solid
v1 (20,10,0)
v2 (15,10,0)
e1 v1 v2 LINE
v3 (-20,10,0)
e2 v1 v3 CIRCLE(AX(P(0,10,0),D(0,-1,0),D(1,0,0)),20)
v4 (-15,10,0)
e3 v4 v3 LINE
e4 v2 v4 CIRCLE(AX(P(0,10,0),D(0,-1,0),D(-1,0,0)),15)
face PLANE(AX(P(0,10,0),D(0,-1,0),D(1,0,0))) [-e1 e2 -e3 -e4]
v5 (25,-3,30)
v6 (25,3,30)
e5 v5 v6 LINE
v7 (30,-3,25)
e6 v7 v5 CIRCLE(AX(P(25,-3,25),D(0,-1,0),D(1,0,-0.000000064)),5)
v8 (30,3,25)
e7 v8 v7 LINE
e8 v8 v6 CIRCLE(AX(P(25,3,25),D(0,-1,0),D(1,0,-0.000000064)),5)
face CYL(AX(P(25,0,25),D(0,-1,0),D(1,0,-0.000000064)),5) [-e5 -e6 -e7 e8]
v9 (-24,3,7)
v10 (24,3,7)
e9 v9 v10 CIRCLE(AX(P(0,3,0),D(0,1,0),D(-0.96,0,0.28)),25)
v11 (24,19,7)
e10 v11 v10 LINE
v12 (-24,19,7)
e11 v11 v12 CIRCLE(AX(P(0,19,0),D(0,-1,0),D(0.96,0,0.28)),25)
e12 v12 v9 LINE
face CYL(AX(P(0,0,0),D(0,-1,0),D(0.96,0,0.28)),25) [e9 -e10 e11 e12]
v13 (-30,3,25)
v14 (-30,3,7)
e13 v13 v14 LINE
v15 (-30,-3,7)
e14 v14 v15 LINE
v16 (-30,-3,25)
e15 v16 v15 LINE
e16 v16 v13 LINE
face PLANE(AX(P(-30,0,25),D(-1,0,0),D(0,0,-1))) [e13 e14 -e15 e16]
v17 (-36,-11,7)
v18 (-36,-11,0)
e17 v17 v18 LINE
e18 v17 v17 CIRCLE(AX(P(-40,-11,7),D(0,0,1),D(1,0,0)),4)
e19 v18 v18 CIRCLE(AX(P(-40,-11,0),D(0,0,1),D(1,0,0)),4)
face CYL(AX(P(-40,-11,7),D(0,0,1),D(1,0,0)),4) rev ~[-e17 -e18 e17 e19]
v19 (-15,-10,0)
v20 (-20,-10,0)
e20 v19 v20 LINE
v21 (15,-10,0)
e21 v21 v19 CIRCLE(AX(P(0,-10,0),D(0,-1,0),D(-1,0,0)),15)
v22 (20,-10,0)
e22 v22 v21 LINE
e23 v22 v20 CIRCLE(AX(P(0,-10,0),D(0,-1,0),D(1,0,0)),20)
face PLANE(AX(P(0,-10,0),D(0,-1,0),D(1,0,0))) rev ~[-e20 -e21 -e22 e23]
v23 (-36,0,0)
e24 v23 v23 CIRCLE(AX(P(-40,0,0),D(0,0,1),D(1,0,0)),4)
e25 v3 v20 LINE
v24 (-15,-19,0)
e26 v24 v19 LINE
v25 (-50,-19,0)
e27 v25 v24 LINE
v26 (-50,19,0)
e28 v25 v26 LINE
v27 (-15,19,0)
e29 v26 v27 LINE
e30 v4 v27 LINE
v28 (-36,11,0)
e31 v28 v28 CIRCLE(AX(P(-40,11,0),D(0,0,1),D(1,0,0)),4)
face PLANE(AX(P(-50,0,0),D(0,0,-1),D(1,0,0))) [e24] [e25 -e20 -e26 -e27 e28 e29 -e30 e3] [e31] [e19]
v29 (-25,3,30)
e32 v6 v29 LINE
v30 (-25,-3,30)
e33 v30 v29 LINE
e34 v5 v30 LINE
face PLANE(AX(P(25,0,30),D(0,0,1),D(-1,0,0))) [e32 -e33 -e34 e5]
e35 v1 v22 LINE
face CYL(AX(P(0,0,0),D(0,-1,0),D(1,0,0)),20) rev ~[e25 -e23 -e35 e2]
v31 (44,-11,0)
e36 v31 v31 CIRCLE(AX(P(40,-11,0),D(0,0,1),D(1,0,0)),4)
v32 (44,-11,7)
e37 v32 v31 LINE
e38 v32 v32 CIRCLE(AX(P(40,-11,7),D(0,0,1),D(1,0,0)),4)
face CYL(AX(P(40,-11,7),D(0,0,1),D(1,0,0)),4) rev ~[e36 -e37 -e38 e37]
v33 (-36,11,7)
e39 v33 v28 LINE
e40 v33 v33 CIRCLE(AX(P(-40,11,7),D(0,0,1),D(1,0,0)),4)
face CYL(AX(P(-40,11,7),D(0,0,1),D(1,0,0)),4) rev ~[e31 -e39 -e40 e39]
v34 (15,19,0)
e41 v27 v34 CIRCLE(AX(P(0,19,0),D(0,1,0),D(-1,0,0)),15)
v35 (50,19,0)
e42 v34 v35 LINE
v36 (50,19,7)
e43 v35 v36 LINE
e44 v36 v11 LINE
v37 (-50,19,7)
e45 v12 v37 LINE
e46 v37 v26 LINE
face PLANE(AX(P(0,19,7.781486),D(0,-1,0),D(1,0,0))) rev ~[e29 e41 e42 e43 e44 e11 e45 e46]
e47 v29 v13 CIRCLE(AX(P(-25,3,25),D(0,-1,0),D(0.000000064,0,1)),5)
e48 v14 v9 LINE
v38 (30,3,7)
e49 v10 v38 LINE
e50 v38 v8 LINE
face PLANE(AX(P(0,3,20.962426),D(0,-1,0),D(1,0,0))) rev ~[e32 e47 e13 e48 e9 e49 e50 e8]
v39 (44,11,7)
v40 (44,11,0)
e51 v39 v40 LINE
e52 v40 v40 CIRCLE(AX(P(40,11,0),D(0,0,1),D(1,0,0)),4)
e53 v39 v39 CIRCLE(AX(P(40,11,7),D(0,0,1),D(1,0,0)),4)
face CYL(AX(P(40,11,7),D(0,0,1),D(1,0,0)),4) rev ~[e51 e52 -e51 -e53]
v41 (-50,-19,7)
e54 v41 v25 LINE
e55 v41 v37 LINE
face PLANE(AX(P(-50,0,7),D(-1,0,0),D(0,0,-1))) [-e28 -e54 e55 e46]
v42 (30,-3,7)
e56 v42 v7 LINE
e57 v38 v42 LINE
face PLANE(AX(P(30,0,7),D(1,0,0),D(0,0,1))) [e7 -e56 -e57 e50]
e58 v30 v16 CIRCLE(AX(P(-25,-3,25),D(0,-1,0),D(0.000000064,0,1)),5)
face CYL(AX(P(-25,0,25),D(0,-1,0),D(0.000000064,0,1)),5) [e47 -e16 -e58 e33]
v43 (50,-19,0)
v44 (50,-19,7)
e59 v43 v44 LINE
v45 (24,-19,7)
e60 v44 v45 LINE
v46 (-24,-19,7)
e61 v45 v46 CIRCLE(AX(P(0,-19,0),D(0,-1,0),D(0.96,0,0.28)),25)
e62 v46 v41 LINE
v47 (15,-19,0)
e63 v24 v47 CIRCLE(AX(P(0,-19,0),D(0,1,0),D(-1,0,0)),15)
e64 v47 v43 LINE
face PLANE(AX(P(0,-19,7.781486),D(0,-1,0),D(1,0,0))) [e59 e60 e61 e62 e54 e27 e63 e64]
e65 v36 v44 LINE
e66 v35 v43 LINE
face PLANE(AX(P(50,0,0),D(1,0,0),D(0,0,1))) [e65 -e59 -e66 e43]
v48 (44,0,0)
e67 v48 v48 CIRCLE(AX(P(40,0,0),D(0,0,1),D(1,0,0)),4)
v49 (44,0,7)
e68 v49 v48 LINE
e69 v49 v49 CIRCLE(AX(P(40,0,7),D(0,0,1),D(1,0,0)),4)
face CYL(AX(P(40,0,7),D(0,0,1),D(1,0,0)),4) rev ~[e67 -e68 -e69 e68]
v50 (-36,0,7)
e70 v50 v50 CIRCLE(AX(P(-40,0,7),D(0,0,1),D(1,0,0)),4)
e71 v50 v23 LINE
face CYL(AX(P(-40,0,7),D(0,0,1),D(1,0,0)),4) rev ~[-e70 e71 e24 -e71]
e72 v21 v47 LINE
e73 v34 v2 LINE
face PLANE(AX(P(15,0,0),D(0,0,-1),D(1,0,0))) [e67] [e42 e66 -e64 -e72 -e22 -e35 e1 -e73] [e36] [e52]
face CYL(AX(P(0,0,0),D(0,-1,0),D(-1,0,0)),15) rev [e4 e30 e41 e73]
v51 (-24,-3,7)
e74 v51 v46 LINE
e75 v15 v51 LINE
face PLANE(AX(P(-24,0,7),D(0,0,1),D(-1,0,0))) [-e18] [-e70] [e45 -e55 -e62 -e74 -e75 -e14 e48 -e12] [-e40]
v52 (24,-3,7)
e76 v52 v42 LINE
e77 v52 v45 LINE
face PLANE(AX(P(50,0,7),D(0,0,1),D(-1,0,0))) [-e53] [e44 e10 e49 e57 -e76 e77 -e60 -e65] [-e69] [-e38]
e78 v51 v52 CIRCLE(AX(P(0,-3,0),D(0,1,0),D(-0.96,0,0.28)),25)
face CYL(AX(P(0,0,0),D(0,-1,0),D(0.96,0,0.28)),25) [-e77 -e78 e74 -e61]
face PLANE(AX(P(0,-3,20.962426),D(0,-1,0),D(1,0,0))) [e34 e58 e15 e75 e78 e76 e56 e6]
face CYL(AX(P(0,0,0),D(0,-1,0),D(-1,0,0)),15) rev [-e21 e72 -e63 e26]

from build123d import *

# Parameters (mm, degrees)
F1_DEPTH = 19
F2_R     = 20
F3_DEPTH = 10
F5_DEPTH = 3
F6_R     = 4
F7_DEPTH = 7


with BuildPart() as f1:
    # F0 (on Front) → F1 (new body, symmetric)
    with BuildSketch(Plane.XZ):
        with BuildLine():
            ThreePointArc((-15, 0), (0, 15), (15, 0))
            Line((15, 0), (50, 0))
            Line((50, 0), (50, 7))
            Line((50, 7), (24, 7))
            ThreePointArc((24, 7), (0, 25), (-24, 7))
            Line((-24, 7), (-50, 7))
            Line((-50, 7), (-50, 0))
            Line((-50, 0), (-15, 0))
        make_face()
    extrude(amount=F1_DEPTH, both=True)

    # F2 (on Front) → F3 (cut, symmetric)
    with BuildSketch(Plane.XZ):
        Circle(F2_R)
    extrude(amount=F3_DEPTH, both=True, mode=Mode.SUBTRACT)

    # F4 (on Front) → F5 (join, symmetric)
    with BuildSketch(Plane.XZ):
        with BuildLine():
            Line((-30, 25), (-30, 7))
            Line((-30, 7), (-24, 7))
            ThreePointArc((-24, 7), (0, 25), (24, 7))
            Line((24, 7), (30, 7))
            Line((30, 7), (30, 25))
            ThreePointArc((30, 25), (28.535534, 28.535534), (25, 30))
            Line((25, 30), (-25, 30))
            ThreePointArc((-25, 30), (-28.535534, 28.535534), (-30, 25))
        make_face()
    extrude(amount=F5_DEPTH, both=True)

    # F6 (on face) → F7 (cut, through all)
    with BuildSketch(Plane.XY.offset(7)):
        with Locations((-40, -11)):
            Circle(F6_R)
        with Locations((40, -11)):
            Circle(F6_R)
        with Locations((-40, 0)):
            Circle(F6_R)
        with Locations((40, 0)):
            Circle(F6_R)
        with Locations((-40, 11)):
            Circle(F6_R)
        with Locations((40, 11)):
            Circle(F6_R)
    extrude(amount=-F7_DEPTH, mode=Mode.SUBTRACT)


solid = f1.part
